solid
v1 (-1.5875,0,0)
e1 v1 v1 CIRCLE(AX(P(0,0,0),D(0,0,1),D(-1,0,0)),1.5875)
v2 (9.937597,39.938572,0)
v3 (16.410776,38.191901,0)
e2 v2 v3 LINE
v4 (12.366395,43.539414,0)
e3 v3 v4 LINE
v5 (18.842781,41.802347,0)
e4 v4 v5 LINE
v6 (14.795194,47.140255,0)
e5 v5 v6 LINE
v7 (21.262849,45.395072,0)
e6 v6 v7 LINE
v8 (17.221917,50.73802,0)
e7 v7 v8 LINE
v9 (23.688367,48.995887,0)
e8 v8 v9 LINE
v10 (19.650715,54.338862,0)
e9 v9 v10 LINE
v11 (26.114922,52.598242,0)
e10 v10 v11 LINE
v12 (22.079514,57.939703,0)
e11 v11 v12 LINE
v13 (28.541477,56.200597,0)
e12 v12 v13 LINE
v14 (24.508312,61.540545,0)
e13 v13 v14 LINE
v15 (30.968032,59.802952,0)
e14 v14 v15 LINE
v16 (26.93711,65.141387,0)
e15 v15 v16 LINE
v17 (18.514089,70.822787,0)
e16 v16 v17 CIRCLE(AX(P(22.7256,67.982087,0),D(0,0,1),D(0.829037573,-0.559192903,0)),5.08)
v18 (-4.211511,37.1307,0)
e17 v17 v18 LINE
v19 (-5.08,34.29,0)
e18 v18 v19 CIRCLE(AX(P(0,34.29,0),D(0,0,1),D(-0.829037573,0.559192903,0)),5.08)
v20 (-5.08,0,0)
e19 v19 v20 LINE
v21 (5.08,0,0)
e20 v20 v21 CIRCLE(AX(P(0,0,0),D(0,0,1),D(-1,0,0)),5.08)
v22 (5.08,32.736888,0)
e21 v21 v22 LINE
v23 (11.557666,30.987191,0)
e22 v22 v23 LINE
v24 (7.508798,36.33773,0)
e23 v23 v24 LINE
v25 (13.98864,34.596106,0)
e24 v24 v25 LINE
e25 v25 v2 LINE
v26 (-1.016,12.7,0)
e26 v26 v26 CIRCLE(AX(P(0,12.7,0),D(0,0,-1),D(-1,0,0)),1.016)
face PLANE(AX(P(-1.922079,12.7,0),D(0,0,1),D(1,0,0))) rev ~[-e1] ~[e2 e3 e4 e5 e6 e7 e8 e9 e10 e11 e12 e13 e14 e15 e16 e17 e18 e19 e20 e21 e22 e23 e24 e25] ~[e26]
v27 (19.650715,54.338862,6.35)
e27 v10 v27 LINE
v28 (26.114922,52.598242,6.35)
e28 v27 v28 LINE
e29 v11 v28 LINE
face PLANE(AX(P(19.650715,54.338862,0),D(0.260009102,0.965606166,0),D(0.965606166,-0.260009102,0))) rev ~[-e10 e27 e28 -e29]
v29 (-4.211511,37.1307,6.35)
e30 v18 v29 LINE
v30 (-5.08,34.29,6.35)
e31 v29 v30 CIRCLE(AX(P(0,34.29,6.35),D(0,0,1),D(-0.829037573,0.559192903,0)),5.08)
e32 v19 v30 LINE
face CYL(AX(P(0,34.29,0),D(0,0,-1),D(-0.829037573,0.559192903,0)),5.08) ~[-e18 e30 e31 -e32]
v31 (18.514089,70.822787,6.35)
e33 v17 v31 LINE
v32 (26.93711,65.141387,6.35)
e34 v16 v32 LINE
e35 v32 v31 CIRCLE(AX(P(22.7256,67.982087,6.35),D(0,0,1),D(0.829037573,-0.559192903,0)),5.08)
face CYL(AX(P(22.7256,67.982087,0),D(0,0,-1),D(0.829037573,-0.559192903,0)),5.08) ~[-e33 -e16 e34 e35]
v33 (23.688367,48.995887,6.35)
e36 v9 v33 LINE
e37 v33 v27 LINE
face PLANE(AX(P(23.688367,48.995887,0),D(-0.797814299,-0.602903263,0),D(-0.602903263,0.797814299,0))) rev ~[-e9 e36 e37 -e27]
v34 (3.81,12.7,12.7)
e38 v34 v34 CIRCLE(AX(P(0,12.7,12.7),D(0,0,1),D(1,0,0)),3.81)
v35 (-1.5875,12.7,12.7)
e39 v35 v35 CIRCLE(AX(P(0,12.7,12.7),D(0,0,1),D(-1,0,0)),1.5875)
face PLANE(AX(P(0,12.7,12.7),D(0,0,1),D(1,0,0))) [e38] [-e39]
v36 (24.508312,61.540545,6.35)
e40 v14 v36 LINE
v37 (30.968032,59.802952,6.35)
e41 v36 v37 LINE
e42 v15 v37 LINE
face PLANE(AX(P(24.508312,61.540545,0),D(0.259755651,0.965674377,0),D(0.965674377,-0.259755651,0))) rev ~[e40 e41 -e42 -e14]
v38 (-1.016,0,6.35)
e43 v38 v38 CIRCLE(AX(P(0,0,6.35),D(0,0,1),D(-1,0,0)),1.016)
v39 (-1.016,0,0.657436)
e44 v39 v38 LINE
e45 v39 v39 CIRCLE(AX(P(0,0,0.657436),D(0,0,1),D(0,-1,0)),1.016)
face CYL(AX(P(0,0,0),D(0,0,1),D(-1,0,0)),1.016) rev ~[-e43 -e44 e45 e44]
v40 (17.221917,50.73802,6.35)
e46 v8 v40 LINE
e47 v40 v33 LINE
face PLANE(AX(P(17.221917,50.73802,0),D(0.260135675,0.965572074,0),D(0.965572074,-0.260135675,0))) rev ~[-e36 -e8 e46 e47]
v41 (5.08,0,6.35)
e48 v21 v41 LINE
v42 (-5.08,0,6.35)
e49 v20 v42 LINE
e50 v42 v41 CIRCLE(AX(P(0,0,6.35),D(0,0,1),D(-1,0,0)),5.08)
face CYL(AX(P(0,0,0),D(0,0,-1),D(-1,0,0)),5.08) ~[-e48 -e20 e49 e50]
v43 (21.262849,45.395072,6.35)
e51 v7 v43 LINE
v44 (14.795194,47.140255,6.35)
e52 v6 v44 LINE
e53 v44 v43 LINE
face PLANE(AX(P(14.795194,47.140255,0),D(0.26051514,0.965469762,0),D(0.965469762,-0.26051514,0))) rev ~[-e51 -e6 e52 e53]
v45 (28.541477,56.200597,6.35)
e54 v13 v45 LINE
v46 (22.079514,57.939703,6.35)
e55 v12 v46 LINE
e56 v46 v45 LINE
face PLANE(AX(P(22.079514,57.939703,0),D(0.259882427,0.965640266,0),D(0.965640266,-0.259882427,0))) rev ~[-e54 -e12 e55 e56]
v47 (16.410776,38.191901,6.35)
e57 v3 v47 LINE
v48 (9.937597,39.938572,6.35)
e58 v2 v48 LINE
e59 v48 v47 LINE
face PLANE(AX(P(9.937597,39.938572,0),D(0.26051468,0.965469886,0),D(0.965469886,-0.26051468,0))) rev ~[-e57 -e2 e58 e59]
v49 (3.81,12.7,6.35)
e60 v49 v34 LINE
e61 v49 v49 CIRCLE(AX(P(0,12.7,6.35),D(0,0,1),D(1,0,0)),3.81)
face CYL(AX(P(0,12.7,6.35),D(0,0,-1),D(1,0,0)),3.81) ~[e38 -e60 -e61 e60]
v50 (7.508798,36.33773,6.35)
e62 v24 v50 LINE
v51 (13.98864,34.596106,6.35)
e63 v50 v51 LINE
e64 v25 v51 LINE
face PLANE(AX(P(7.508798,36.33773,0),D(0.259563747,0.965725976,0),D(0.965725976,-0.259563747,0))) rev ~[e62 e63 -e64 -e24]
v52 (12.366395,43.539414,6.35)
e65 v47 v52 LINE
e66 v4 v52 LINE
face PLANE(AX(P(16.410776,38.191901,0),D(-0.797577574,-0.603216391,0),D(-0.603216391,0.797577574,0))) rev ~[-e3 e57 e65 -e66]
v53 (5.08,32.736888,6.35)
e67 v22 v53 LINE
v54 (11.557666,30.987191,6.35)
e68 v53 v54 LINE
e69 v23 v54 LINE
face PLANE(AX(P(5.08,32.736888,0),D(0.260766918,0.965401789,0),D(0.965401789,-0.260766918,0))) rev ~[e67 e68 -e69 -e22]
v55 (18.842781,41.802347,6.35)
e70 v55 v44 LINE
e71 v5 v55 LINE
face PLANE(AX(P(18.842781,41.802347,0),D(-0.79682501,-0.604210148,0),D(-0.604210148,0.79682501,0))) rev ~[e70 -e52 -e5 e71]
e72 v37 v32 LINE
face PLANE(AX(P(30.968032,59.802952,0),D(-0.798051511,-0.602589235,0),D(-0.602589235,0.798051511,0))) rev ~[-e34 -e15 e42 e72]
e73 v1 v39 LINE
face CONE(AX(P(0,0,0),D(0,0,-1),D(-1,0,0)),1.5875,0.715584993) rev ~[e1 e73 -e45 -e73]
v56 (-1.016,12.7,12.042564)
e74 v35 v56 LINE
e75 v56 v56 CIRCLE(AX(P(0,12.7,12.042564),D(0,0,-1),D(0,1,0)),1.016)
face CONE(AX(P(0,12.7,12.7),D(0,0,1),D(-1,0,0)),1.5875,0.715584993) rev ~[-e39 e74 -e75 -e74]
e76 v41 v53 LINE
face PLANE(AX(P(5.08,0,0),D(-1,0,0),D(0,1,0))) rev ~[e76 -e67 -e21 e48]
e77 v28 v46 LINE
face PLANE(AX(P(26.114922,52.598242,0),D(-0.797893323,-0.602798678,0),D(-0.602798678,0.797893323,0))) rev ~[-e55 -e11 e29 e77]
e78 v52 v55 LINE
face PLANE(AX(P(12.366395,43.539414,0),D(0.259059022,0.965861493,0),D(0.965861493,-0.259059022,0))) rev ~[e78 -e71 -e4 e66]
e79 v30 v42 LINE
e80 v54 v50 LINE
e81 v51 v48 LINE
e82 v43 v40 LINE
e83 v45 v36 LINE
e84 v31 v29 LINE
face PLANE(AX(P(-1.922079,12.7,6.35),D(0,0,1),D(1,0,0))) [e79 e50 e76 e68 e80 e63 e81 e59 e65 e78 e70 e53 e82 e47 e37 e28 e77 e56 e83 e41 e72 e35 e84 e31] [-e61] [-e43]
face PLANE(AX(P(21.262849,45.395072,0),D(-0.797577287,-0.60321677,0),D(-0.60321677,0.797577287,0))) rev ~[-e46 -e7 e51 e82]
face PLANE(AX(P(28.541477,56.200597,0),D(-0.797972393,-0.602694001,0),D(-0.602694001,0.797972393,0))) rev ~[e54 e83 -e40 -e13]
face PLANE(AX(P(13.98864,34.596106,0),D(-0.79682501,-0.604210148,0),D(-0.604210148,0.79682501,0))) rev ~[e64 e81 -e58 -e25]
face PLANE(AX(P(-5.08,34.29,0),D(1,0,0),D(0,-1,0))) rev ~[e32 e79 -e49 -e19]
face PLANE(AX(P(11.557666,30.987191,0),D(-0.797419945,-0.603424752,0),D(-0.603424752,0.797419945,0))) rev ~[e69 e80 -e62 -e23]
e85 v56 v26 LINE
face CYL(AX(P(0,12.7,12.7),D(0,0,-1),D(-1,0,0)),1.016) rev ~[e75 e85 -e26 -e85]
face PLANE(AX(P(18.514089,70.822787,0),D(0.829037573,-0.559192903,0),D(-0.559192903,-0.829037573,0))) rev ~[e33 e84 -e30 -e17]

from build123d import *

# Parameters (mm, degrees)
F1_DEPTH       = 6.35
F2_R           = 3.81
F3_DEPTH       = 6.35
F5_D           = 2.032
F5_CSINK_D     = 3.175
F5_CSINK_ANGLE = 82
F6_D           = 2.032
F6_CSINK_D     = 3.175
F6_CSINK_ANGLE = 82


with BuildPart() as f1:
    # F0 (on Top) → F1 (new body)
    with BuildSketch(Plane.XY):
        with BuildLine():
            ThreePointArc((-5.08, 12.7), (-3.5921024484, 9.1078975516), (0, 7.62))
            Line((0, 7.62), (0, 12.7))
            Line((0, 12.7), (0, 17.78))
            ThreePointArc((0, 17.78), (-3.5921024484, 16.2921024484), (-5.08, 12.7))
        make_face()
        with BuildLine():
            Line((0, 12.7), (0, 7.62))
            ThreePointArc((0, 7.62), (3.5921024484, 9.1078975516), (5.08, 12.7))
            ThreePointArc((5.08, 12.7), (3.5921024484, 16.2921024484), (0, 17.78))
            Line((0, 17.78), (0, 12.7))
        make_face()
        with BuildLine():
            ThreePointArc((5.08, 12.7), (3.5921024484, 9.1078975516), (0, 7.62))
            ThreePointArc((0, 7.62), (-3.5921024484, 9.1078975516), (-5.08, 12.7))
            Line((-5.08, 12.7), (-5.08, 0))
            ThreePointArc((-5.08, 0), (0, -5.08), (5.08, 0))
            Line((5.08, 0), (5.08, 12.7))
        make_face()
        with BuildLine():
            ThreePointArc((0, 17.78), (3.5921024484, 16.2921024484), (5.08, 12.7))
            Line((5.08, 12.7), (5.08, 32.7368881382))
            Line((5.08, 32.7368881382), (4.2115108686, 31.4493000504))
            ThreePointArc((4.2115108686, 31.4493000504), (2.384915539, 29.8046262283), (0, 29.21))
            Line((0, 29.21), (0, 17.78))
        make_face()
        with BuildLine():
            Line((-5.08, 34.29), (-5.08, 12.7))
            ThreePointArc((-5.08, 12.7), (-3.5921024484, 16.2921024484), (0, 17.78))
            Line((0, 17.78), (0, 29.21))
            ThreePointArc((0, 29.21), (-3.5921024484, 30.6978975516), (-5.08, 34.29))
        make_face()
        with BuildLine():
            Line((5.08, 34.29), (5.08, 32.7368881382))
            Line((5.08, 32.7368881382), (7.5087984569, 36.3377299308))
            Line((7.5087984569, 36.3377299308), (9.9375969139, 39.9385717235))
            Line((9.9375969139, 39.9385717235), (12.3663953708, 43.5394135161))
            Line((12.3663953708, 43.5394135161), (14.7951938277, 47.1402553087))
            Line((14.7951938277, 47.1402553087), (15.5743106671, 48.2953435247))
            Line((15.5743106671, 48.2953435247), (17.2219166379, 50.7380198285))
            Line((17.2219166379, 50.7380198285), (19.6507150948, 54.3388616211))
            Line((19.6507150948, 54.3388616211), (22.0795135518, 57.9397034137))
            Line((22.0795135518, 57.9397034137), (24.5083120087, 61.5405452064))
            Line((24.5083120087, 61.5405452064), (26.9371104656, 65.141386999))
            ThreePointArc((26.9371104656, 65.141386999), (25.5662995467, 72.1935978172), (18.5140887285, 70.8227868983))
            Line((18.5140887285, 70.8227868983), (-4.2115108686, 37.1306999496))
            ThreePointArc((-4.2115108686, 37.1306999496), (-0.9693096965, 39.2766660919), (2.8406999496, 38.5015108686))
            ThreePointArc((2.8406999496, 38.5015108686), (4.4853737717, 36.674915539), (5.08, 34.29))
        make_face()
        with BuildLine():
            Line((4.2115108686, 31.4493000504), (5.08, 32.7368881382))
            Line((5.08, 32.7368881382), (5.08, 34.29))
            ThreePointArc((5.08, 34.29), (4.4853737717, 36.674915539), (2.8406999496, 38.5015108686))
            Line((2.8406999496, 38.5015108686), (0, 34.29))
            Line((0, 34.29), (0, 29.21))
            ThreePointArc((0, 29.21), (2.384915539, 29.8046262283), (4.2115108686, 31.4493000504))
        make_face()
        Polygon((7.5087984569, 36.3377299308), (5.08, 32.7368881382), (11.5576660786, 30.9871907177), align=None)
        with BuildLine():
            ThreePointArc((-4.2115108686, 37.1306999496), (-4.8580281603, 35.77524826), (-5.08, 34.29))
            ThreePointArc((-5.08, 34.29), (-3.5921024484, 30.6978975516), (0, 29.21))
            Line((0, 29.21), (0, 34.29))
            Line((0, 34.29), (2.8406999496, 38.5015108686))
            ThreePointArc((2.8406999496, 38.5015108686), (-0.9693096965, 39.2766660919), (-4.2115108686, 37.1306999496))
        make_face()
        Polygon((9.9375969139, 39.9385717235), (7.5087984569, 36.3377299308), (13.9886397713, 34.5961055653), align=None)
        Polygon((12.3663953708, 43.5394135161), (9.9375969139, 39.9385717235), (16.4107760502, 38.1919007837), align=None)
        Polygon((14.7951938277, 47.1402553087), (12.3663953708, 43.5394135161), (18.842780956, 41.8023465243), align=None)
        Polygon((30.9680322355, 59.8029524158), (26.9371104656, 65.141386999), (24.5083120087, 61.5405452064), align=None)
        Polygon((15.5743106671, 48.2953435247), (14.7951938277, 47.1402553087), (21.262849157, 45.3950715667), (17.2219166379, 50.7380198285), align=None)
        Polygon((28.5414772497, 56.2005973827), (24.5083120087, 61.5405452064), (22.0795135518, 57.9397034137), align=None)
        Polygon((26.1149222639, 52.5982423497), (22.0795135518, 57.9397034137), (19.6507150948, 54.3388616211), align=None)
        Polygon((19.6507150948, 54.3388616211), (17.2219166379, 50.7380198285), (23.6883672781, 48.9958873167), align=None)
    extrude(amount=F1_DEPTH)

    # F2 (on face) → F3 (join)
    with BuildSketch(Plane.XY.offset(6.35)):
        with Locations((0, 12.7)):
            Circle(F2_R)
    extrude(amount=F3_DEPTH)

    # F5 (through all)
    with Locations(Plane.XY.offset(12.7)):
        with Locations((0, 12.7)):
            CounterSinkHole(F5_D / 2, F5_CSINK_D / 2, counter_sink_angle=F5_CSINK_ANGLE)

    # F6 (through all)
    with Locations(Plane(origin=(0, 0, 0), x_dir=(1, 0, 0), z_dir=(0, 0, -1))):
        with Locations((0, 0)):
            CounterSinkHole(F6_D / 2, F6_CSINK_D / 2, counter_sink_angle=F6_CSINK_ANGLE)


solid = f1.part
